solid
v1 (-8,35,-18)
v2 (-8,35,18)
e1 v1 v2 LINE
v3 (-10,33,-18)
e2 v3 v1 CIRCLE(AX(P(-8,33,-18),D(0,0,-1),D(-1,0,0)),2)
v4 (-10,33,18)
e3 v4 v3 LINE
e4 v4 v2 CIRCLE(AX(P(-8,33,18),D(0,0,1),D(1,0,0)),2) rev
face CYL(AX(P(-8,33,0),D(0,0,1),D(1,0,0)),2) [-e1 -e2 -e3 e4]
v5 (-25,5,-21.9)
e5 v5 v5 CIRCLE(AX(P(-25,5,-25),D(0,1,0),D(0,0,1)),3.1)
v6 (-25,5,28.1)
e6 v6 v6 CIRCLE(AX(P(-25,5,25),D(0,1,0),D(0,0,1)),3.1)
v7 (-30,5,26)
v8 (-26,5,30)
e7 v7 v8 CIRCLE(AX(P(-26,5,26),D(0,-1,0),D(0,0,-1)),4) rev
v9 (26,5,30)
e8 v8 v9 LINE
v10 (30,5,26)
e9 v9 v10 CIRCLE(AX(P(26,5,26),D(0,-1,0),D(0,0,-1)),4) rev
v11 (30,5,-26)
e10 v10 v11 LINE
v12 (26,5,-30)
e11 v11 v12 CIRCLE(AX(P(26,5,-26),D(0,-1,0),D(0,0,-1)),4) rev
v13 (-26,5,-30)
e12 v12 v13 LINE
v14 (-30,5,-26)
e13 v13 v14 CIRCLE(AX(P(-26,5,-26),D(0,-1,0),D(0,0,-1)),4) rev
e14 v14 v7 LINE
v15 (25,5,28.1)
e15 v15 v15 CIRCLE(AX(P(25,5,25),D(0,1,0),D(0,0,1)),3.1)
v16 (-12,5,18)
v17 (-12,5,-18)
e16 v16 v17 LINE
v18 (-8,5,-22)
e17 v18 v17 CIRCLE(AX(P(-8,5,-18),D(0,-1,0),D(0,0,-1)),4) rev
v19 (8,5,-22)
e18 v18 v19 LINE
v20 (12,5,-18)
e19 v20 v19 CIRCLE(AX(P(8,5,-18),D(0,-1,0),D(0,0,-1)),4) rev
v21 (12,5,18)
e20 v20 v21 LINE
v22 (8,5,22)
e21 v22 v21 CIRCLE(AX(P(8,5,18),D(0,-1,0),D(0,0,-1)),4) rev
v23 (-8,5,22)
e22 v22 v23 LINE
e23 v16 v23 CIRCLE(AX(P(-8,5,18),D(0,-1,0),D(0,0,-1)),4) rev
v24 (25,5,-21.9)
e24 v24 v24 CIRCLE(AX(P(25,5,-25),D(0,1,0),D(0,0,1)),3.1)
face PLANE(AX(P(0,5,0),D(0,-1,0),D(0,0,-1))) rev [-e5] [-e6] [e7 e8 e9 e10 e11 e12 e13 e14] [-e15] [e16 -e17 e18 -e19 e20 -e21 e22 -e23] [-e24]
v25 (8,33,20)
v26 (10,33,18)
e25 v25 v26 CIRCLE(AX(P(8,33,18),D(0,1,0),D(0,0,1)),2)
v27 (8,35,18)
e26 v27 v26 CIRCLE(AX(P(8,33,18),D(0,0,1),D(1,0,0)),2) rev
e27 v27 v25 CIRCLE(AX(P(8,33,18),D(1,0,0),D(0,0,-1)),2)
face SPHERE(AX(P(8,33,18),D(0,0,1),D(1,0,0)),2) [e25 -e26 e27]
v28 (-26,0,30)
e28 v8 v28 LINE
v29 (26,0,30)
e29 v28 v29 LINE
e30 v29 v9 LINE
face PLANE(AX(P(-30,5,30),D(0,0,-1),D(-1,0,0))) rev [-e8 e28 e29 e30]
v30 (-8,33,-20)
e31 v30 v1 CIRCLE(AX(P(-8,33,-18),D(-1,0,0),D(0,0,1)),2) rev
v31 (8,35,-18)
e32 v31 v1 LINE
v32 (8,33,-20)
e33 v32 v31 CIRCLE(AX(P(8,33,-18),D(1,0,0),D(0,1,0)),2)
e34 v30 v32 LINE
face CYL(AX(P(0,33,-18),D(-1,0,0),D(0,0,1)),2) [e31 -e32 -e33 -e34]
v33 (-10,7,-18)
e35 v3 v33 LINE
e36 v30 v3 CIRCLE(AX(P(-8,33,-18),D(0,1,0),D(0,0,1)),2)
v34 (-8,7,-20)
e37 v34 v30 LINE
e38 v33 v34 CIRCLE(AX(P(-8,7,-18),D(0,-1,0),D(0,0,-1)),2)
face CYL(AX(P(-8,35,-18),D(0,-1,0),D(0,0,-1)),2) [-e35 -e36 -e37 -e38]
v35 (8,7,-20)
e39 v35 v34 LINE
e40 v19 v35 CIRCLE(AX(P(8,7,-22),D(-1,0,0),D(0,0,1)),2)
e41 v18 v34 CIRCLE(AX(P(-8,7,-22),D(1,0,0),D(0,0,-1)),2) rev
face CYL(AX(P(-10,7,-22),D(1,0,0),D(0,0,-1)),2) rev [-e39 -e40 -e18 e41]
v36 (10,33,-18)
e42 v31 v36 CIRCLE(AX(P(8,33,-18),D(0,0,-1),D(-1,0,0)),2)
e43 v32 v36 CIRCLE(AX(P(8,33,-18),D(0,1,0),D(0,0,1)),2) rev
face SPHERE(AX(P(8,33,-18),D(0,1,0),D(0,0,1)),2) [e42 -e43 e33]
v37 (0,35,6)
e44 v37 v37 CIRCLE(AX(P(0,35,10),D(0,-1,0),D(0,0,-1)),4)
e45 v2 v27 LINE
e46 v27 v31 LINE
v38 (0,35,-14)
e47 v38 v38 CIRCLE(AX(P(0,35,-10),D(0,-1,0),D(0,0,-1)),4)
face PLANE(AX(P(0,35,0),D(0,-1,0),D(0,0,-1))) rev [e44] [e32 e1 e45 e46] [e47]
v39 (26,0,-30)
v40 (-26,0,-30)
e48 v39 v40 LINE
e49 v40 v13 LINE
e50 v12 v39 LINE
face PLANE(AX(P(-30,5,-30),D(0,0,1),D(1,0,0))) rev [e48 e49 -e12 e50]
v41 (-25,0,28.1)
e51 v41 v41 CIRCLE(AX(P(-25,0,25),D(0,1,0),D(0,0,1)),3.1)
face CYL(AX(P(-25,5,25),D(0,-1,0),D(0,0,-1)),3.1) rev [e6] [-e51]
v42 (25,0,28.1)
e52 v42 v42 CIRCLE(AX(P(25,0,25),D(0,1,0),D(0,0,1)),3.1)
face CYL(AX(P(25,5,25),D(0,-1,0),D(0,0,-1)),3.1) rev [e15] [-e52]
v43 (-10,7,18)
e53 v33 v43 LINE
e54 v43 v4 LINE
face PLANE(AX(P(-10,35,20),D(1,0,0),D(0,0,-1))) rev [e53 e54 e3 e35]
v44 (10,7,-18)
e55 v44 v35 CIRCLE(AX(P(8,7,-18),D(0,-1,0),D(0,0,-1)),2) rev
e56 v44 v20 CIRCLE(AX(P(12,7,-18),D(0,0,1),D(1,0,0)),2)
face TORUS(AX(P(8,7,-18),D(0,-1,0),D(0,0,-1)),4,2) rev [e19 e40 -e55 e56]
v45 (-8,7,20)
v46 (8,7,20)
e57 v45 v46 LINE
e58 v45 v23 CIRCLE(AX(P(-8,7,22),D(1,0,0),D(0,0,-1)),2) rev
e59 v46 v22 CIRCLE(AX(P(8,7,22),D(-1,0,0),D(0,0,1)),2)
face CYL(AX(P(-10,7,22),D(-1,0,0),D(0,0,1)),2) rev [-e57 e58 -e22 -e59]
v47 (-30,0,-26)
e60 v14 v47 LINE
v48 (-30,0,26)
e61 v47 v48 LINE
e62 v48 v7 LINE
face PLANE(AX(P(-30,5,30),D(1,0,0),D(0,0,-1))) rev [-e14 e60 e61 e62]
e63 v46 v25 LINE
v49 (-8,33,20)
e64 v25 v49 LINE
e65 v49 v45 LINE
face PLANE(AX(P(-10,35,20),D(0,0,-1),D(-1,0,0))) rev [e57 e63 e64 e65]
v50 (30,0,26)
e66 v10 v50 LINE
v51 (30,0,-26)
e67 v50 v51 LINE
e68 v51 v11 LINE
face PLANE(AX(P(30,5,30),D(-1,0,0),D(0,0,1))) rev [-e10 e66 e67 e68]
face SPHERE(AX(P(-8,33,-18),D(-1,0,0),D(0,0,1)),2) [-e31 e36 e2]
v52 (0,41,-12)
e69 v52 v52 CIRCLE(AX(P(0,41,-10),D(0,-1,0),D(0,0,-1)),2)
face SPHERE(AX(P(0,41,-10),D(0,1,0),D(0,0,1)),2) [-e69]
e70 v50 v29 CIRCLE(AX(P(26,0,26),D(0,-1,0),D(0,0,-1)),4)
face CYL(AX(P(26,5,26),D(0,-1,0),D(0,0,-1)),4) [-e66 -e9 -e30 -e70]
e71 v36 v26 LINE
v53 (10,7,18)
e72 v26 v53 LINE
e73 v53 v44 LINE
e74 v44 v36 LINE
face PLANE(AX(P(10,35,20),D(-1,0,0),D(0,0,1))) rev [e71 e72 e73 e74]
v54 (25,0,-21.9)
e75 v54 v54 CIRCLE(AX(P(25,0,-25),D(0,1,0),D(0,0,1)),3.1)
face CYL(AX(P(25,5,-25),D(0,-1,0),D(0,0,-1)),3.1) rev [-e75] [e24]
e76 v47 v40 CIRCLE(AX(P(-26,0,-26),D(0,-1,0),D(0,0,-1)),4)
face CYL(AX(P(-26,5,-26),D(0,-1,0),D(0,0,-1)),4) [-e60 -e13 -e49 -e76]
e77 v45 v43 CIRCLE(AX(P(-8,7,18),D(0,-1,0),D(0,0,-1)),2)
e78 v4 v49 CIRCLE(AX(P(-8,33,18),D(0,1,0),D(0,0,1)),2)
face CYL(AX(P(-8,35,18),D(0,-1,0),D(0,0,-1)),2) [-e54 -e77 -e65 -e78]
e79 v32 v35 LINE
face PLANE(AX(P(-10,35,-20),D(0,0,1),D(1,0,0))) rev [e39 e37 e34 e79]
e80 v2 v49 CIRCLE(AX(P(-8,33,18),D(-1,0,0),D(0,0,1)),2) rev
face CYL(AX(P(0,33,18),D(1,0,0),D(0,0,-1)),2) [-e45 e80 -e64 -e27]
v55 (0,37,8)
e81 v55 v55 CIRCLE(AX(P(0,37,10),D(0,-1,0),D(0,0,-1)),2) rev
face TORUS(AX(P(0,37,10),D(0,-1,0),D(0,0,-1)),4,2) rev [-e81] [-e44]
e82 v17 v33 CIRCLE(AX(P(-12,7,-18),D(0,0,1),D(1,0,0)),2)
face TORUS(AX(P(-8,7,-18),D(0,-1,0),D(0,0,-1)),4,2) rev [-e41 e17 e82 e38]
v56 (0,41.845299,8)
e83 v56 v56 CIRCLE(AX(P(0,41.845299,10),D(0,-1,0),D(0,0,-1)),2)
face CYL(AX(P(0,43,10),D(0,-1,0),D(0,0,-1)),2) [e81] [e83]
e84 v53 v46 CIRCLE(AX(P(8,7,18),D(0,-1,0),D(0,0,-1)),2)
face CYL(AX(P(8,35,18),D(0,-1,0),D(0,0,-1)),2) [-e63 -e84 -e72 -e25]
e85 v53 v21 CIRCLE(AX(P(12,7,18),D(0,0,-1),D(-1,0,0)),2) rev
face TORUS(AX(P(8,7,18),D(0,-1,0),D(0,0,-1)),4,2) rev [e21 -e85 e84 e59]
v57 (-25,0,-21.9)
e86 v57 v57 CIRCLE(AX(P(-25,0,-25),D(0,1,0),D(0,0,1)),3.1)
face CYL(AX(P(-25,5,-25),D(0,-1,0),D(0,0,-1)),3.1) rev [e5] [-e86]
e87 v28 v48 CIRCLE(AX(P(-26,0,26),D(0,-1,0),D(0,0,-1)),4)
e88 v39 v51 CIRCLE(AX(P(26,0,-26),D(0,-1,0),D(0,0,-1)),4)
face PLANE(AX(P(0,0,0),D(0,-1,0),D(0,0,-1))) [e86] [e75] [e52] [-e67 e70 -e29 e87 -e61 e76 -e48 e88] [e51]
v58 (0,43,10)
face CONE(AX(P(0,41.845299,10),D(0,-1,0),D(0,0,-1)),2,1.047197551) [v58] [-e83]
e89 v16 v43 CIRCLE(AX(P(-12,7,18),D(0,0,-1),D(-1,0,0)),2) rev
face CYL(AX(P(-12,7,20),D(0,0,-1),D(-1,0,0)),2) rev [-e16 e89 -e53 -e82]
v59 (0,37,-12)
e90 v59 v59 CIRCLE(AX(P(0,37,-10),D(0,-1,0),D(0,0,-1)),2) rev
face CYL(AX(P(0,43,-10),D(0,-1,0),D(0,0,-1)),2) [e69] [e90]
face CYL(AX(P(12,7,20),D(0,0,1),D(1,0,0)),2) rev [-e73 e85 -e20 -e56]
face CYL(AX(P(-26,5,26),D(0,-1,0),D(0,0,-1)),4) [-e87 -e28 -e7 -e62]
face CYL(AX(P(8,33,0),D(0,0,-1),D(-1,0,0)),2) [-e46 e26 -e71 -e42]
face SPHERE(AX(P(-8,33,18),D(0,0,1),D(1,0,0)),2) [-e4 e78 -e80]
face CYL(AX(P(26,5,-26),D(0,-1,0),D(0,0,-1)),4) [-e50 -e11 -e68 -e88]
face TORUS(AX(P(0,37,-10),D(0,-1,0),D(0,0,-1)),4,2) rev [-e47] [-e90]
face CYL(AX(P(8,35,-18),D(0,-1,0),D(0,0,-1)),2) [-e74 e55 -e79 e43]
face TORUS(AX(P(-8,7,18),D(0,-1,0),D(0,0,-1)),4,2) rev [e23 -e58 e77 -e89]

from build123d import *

# Parameters (mm, degrees)
SKETCH1_W           = 60
SKETCH1_H           = 60
SKETCH1_R           = 3.1
BOSS_EXTRUDE1_DEPTH = 5
SKETCH4_W           = 20
SKETCH4_H           = 40
BOSS_EXTRUDE3_DEPTH = 30
SKETCH2_R           = 2
BOSS_EXTRUDE2_DEPTH = 8
FILLET1_R           = 2
FILLET2_R           = 4
FILLET3_R           = 2


with BuildPart() as part:
    # Sketch1 → Boss-Extrude1 (new body)
    with BuildSketch(Plane(origin=(0, 0, 0), x_dir=(1, 0, 0), z_dir=(0, 1, 0))):
        Rectangle(SKETCH1_W, SKETCH1_H)
        with Locations((-25, 25)):
            Circle(SKETCH1_R, mode=Mode.SUBTRACT)
        with Locations((-25, -25)):
            Circle(SKETCH1_R, mode=Mode.SUBTRACT)
        with Locations((25, -25)):
            Circle(SKETCH1_R, mode=Mode.SUBTRACT)
        with Locations((25, 25)):
            Circle(SKETCH1_R, mode=Mode.SUBTRACT)
    extrude(amount=BOSS_EXTRUDE1_DEPTH)

    # Sketch4 → Boss-Extrude3 (add)
    with BuildSketch(Plane(origin=(0, 5, 0), x_dir=(1, 0, 0), z_dir=(0, 1, 0))):
        Rectangle(SKETCH4_W, SKETCH4_H)
    extrude(amount=BOSS_EXTRUDE3_DEPTH)

    # Sketch2 → Boss-Extrude2 (add)
    with BuildSketch(Plane(origin=(0, 35, 0), x_dir=(1, 0, 0), z_dir=(0, 1, 0))):
        with Locations((0, 10)):
            Circle(SKETCH2_R)
        with Locations((0, -10)):
            Circle(SKETCH2_R)
    extrude(amount=BOSS_EXTRUDE2_DEPTH)

    # Fillet1
    fillet1_edges = [part.edges().sort_by_distance(p)[0] for p in [
        (-2, 35, 10),
        (-2, 35, -10),
        (-2, 43, -10),
    ]]
    fillet(fillet1_edges, radius=FILLET1_R)

    # Fillet2
    fillet2_edges = [part.edges().sort_by_distance(p)[0] for p in [
        (30, 2.5, 30),
        (-30, 2.5, 30),
        (-30, 2.5, -30),
        (30, 2.5, -30),
    ]]
    fillet(fillet2_edges, radius=FILLET2_R)

    # Sketch3 → Cut-Revolve3 (revolve, cut)
    with BuildSketch(Plane(origin=(0, 0, 0), x_dir=(0, 0, -1), z_dir=(1, 0, 0))):
        Polygon((-10, 43), (-10, 44), (-12, 44), (-12, 41.845299462), align=None)
    revolve(axis=Axis((0, 43, 10), (0, 1, 0)), mode=Mode.SUBTRACT)

    # Fillet3
    fillet3_edges = [part.edges().sort_by_distance(p)[0] for p in [
        (10, 5, 0),
        (10, 20, 20),
        (0, 5, -20),
        (10, 20, -20),
        (-10, 5, 0),
        (-10, 20, -20),
        (0, 5, 20),
        (-10, 20, 20),
        (10, 35, 0),
        (0, 35, -20),
        (-10, 35, 0),
        (0, 35, 20),
    ]]
    fillet(fillet3_edges, radius=FILLET3_R)


solid = part.part
